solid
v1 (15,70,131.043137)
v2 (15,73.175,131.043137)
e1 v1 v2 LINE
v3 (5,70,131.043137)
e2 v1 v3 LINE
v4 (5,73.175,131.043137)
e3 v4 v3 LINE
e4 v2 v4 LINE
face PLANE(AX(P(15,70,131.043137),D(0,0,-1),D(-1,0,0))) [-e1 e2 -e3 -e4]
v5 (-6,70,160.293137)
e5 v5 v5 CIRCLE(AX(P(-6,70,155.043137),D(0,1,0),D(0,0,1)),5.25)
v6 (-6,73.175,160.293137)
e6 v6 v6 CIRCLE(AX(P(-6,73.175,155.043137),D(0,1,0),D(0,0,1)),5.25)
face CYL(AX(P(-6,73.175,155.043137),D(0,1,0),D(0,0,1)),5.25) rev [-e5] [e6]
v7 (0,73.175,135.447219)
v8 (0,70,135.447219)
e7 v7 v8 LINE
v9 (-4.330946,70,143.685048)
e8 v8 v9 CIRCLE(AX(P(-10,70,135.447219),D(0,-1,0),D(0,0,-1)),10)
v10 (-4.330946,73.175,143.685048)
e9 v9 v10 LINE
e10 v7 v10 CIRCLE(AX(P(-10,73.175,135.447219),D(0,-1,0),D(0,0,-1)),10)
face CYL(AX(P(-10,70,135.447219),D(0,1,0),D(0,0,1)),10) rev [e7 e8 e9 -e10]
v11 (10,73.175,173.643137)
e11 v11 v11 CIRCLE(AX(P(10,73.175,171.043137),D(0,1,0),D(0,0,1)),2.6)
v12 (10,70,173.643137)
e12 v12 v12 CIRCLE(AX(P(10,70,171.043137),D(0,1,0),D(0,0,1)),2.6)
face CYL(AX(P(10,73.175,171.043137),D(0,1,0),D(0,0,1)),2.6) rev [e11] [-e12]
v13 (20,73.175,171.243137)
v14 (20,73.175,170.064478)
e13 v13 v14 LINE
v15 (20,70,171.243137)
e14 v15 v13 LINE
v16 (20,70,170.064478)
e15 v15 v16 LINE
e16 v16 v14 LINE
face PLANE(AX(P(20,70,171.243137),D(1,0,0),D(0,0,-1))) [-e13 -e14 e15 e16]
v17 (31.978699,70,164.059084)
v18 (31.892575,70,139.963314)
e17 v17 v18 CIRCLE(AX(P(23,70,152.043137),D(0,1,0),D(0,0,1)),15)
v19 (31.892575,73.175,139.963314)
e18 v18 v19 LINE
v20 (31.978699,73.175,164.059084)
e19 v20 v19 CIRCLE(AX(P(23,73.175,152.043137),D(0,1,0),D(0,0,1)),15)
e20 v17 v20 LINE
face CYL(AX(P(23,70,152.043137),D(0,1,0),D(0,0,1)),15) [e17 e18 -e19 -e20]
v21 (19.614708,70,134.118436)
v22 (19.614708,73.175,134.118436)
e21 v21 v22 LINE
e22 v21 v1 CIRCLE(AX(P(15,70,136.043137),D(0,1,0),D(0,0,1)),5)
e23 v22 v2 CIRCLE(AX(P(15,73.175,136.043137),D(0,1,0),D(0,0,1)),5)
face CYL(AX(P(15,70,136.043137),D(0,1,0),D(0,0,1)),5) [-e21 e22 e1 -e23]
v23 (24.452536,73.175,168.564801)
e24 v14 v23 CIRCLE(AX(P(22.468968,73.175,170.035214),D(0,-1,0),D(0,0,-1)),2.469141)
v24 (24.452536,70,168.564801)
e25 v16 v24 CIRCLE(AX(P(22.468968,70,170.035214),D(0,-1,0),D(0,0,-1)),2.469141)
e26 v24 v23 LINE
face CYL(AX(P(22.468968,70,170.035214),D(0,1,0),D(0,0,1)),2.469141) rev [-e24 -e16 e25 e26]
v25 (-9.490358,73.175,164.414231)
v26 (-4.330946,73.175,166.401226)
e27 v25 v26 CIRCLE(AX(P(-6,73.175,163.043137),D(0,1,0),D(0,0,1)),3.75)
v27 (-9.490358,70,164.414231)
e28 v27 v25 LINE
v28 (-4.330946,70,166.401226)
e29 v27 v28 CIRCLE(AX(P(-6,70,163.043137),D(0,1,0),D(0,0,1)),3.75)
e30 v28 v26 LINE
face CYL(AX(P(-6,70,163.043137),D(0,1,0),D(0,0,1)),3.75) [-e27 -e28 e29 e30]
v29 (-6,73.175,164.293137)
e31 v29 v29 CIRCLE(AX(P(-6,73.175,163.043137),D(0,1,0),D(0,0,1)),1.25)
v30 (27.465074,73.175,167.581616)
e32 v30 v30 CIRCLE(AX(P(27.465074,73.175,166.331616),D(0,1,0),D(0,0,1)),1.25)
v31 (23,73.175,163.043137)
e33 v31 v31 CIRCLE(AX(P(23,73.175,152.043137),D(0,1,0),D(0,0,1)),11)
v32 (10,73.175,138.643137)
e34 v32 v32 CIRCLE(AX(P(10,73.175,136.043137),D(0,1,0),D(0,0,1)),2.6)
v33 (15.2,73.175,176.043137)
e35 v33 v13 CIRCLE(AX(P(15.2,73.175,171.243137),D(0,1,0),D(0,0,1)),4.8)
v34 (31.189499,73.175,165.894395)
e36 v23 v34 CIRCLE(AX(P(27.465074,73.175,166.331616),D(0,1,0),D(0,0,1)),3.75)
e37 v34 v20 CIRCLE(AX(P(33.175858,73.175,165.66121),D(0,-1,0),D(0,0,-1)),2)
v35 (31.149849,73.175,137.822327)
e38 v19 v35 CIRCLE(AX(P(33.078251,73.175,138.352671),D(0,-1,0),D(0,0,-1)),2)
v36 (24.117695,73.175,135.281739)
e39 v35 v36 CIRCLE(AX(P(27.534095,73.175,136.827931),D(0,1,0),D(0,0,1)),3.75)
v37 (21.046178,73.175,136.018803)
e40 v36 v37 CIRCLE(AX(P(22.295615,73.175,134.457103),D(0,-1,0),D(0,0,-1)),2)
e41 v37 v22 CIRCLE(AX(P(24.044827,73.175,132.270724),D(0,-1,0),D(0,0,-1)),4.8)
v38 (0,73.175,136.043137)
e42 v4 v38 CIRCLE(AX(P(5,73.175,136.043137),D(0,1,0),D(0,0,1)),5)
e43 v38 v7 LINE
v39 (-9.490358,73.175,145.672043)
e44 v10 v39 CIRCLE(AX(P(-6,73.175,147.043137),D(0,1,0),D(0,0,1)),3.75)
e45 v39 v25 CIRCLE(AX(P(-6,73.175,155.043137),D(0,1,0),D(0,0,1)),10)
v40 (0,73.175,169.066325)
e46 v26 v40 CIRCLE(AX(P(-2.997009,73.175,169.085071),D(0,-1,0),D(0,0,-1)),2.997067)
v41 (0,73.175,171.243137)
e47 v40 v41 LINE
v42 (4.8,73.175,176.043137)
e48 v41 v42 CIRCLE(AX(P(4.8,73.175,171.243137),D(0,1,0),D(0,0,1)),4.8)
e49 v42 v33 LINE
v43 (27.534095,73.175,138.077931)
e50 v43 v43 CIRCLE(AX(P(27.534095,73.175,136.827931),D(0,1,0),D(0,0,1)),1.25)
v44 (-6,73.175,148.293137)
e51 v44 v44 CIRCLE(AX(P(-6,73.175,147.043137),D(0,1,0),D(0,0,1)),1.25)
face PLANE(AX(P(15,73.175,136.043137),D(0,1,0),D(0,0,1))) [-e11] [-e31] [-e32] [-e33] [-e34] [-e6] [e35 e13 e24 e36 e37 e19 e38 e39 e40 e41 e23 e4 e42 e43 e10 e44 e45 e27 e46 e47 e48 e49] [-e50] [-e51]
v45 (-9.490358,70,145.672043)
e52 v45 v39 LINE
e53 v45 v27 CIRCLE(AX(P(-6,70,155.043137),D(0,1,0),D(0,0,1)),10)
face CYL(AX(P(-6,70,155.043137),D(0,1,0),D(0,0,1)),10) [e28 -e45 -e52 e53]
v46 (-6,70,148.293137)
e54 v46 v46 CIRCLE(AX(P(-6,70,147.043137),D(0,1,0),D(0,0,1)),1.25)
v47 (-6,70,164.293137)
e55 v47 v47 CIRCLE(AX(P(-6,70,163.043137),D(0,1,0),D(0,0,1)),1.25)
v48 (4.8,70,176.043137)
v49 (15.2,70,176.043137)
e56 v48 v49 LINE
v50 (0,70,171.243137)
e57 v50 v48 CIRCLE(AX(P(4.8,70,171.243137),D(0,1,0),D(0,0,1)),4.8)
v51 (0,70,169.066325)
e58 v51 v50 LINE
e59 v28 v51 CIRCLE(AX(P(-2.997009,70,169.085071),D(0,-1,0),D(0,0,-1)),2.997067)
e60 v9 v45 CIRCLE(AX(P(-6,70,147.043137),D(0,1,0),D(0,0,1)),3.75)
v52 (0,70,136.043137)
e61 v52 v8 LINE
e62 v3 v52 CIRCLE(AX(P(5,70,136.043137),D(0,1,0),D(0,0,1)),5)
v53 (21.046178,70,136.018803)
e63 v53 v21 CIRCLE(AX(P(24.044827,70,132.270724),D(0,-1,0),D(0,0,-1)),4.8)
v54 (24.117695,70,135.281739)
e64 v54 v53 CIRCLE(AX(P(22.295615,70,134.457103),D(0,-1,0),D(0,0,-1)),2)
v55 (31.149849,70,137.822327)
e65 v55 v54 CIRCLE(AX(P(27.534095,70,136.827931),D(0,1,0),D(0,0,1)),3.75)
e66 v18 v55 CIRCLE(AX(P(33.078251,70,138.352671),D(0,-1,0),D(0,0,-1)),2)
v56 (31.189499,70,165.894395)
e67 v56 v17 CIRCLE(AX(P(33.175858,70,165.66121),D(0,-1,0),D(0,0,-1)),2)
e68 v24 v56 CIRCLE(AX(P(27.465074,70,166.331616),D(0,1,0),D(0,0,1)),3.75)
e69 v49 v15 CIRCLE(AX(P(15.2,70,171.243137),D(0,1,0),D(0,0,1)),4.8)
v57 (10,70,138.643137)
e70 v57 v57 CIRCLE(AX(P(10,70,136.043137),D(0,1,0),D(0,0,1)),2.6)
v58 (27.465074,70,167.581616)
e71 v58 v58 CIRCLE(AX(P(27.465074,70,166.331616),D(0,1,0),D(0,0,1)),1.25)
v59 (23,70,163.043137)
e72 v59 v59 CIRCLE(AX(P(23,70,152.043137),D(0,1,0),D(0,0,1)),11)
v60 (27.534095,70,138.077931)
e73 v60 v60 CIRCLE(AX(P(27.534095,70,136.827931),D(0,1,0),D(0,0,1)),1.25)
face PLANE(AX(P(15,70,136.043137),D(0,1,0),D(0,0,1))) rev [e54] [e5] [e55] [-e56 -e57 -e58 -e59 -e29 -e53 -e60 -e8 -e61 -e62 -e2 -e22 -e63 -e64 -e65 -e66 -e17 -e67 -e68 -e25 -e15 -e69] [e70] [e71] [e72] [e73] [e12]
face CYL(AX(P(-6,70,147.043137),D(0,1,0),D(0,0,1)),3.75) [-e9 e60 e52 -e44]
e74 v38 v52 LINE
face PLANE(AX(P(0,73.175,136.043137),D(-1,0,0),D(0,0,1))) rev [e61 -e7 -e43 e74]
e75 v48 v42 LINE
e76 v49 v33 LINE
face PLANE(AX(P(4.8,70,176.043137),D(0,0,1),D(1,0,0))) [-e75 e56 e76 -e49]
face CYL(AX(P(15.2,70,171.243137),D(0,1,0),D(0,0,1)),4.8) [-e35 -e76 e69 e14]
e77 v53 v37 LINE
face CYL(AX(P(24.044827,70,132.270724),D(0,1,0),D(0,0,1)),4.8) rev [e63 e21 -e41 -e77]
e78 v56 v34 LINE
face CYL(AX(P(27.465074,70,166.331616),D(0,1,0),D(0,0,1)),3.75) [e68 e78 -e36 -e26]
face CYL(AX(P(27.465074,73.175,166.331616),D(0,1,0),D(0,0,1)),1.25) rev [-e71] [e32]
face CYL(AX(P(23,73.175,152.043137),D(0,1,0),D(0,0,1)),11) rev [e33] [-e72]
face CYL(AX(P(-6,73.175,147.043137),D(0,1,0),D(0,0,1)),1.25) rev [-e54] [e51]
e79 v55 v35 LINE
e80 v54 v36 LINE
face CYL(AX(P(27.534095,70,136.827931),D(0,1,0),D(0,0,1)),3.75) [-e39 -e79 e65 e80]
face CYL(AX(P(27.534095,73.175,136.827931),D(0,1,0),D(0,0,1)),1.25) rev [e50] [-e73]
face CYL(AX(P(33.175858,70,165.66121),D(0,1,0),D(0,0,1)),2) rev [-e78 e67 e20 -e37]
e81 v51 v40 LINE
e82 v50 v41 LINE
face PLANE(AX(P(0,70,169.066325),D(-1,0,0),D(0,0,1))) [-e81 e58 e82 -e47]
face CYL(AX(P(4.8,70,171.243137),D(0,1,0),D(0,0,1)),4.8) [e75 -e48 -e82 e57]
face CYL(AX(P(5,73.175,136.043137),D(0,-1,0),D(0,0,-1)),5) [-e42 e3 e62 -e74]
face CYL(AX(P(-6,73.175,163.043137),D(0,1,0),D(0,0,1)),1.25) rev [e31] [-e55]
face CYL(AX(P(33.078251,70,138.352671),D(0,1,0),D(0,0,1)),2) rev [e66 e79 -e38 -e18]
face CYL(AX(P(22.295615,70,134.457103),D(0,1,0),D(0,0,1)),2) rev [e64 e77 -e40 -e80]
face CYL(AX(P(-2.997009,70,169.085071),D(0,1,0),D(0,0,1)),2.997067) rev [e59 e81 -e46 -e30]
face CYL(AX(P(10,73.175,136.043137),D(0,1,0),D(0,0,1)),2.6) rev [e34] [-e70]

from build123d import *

# Parameters (mm, degrees)
BOSS_EXTRUDE1_DEPTH          = 3.175
CUT_EXTRUDE1_START           = -3.175
CUT_EXTRUDE1_DEPTH           = 3.175
F_2_5_2_5_DIAMETER_HOLE1_D   = 2.5
F_22_0_22_DIAMETER_HOLE1_D   = 22
F_10_5_10_5_DIAMETER_HOLE1_D = 10.5
F_5_2_5_2_DIAMETER_HOLE1_D   = 5.2


with BuildPart() as part:
    # Sketch1 → Boss-Extrude1 (new body)
    with BuildSketch(Plane(origin=(0, 73.175, 0), x_dir=(1, 0, 0), z_dir=(0, 1, 0))):
        with BuildLine():
            Line((15, -131.043137062), (-1.022023545, -131.043137062))
            ThreePointArc((-1.022023545, -131.043137062), (-0.325892642, -137.979342107), (-4.330946321, -143.685048347))
            ThreePointArc((-4.330946321, -143.685048347), (-7.347711019, -143.543683532), (-9.490358424, -145.672043312))
            ThreePointArc((-9.490358424, -145.672043312), (-16, -155.043137062), (-9.490358424, -164.414230812))
            ThreePointArc((-9.490358424, -164.414230812), (-7.347711019, -166.542590592), (-4.330946321, -166.401225777))
            ThreePointArc((-4.330946321, -166.401225777), (-1.426295687, -166.532567239), (0, -169.066324625))
            Line((0, -169.066324625), (0, -171.243137062))
            ThreePointArc((0, -171.243137062), (1.40588745, -174.637249612), (4.8, -176.043137062))
            Line((4.8, -176.043137062), (15.2, -176.043137062))
            ThreePointArc((15.2, -176.043137062), (18.59411255, -174.637249612), (20, -171.243137062))
            Line((20, -171.243137062), (20, -170.064478312))
            ThreePointArc((20, -170.064478312), (21.68082981, -167.69523564), (24.452536205, -168.564800671))
            ThreePointArc((24.452536205, -168.564800671), (28.846907451, -169.817736591), (31.189498771, -165.894394524))
            ThreePointArc((31.189498771, -165.894394524), (31.338525975, -164.871140606), (31.978698654, -164.05908357))
            ThreePointArc((31.978698654, -164.05908357), (37.999904187, -151.989523925), (31.892574785, -139.963314477))
            ThreePointArc((31.892574785, -139.963314477), (31.188720102, -139.008164704), (31.149849359, -137.822326786))
            ThreePointArc((31.149849359, -137.822326786), (28.808294112, -133.301045501), (24.117695109, -135.281738919))
            ThreePointArc((24.117695109, -135.281738919), (22.762301061, -136.401892346), (21.046177665, -136.018803304))
            ThreePointArc((21.046177665, -136.018803304), (20.21083435, -135.158715929), (19.614707675, -134.118436286))
            ThreePointArc((19.614707675, -134.118436286), (17.772769024, -131.882397712), (15, -131.043137062))
        make_face()
    extrude(amount=-BOSS_EXTRUDE1_DEPTH)

    # Sketch2 → Cut-Extrude1 (cut)
    with BuildSketch(Plane.XZ.offset(-70).offset(CUT_EXTRUDE1_START)):
        with BuildLine():
            Line((0, 136.043137062), (0, 135.44721912))
            ThreePointArc((0, 135.44721912), (-0.258856213, 133.18666217), (-1.022023545, 131.043137062))
            Line((-1.022023545, 131.043137062), (5, 131.043137062))
            ThreePointArc((5, 131.043137062), (1.464466094, 132.507603156), (0, 136.043137062))
        make_face()
    extrude(amount=CUT_EXTRUDE1_DEPTH, mode=Mode.SUBTRACT)

    # Ø2.5 (2.5) Diameter Hole1 (through all)
    with Locations(Plane(origin=(0, 73.175, 0), x_dir=(1, 0, 0), z_dir=(0, 1, 0))):
        with Locations((27.534095489, -136.827930511), (27.465074328, -166.331615936), (-6, -147.043137062), (-6, -163.043137062)):
            Hole(F_2_5_2_5_DIAMETER_HOLE1_D / 2)

    # Ø22.0 (22) Diameter Hole1 (through all)
    with Locations(Plane(origin=(0, 73.175, 0), x_dir=(1, 0, 0), z_dir=(0, 1, 0))):
        with Locations((23, -152.043137062)):
            Hole(F_22_0_22_DIAMETER_HOLE1_D / 2)

    # Ø10.5 (10.5) Diameter Hole1 (through all)
    with Locations(Plane(origin=(0, 73.175, 0), x_dir=(1, 0, 0), z_dir=(0, 1, 0))):
        with Locations((-6, -155.043137062)):
            Hole(F_10_5_10_5_DIAMETER_HOLE1_D / 2)

    # Ø5.2 (5.2) Diameter Hole1 (through all)
    with Locations(Plane(origin=(0, 73.175, 0), x_dir=(1, 0, 0), z_dir=(0, 1, 0))):
        with Locations((10, -171.043137062), (10, -136.043137062)):
            Hole(F_5_2_5_2_DIAMETER_HOLE1_D / 2)


solid = part.part
